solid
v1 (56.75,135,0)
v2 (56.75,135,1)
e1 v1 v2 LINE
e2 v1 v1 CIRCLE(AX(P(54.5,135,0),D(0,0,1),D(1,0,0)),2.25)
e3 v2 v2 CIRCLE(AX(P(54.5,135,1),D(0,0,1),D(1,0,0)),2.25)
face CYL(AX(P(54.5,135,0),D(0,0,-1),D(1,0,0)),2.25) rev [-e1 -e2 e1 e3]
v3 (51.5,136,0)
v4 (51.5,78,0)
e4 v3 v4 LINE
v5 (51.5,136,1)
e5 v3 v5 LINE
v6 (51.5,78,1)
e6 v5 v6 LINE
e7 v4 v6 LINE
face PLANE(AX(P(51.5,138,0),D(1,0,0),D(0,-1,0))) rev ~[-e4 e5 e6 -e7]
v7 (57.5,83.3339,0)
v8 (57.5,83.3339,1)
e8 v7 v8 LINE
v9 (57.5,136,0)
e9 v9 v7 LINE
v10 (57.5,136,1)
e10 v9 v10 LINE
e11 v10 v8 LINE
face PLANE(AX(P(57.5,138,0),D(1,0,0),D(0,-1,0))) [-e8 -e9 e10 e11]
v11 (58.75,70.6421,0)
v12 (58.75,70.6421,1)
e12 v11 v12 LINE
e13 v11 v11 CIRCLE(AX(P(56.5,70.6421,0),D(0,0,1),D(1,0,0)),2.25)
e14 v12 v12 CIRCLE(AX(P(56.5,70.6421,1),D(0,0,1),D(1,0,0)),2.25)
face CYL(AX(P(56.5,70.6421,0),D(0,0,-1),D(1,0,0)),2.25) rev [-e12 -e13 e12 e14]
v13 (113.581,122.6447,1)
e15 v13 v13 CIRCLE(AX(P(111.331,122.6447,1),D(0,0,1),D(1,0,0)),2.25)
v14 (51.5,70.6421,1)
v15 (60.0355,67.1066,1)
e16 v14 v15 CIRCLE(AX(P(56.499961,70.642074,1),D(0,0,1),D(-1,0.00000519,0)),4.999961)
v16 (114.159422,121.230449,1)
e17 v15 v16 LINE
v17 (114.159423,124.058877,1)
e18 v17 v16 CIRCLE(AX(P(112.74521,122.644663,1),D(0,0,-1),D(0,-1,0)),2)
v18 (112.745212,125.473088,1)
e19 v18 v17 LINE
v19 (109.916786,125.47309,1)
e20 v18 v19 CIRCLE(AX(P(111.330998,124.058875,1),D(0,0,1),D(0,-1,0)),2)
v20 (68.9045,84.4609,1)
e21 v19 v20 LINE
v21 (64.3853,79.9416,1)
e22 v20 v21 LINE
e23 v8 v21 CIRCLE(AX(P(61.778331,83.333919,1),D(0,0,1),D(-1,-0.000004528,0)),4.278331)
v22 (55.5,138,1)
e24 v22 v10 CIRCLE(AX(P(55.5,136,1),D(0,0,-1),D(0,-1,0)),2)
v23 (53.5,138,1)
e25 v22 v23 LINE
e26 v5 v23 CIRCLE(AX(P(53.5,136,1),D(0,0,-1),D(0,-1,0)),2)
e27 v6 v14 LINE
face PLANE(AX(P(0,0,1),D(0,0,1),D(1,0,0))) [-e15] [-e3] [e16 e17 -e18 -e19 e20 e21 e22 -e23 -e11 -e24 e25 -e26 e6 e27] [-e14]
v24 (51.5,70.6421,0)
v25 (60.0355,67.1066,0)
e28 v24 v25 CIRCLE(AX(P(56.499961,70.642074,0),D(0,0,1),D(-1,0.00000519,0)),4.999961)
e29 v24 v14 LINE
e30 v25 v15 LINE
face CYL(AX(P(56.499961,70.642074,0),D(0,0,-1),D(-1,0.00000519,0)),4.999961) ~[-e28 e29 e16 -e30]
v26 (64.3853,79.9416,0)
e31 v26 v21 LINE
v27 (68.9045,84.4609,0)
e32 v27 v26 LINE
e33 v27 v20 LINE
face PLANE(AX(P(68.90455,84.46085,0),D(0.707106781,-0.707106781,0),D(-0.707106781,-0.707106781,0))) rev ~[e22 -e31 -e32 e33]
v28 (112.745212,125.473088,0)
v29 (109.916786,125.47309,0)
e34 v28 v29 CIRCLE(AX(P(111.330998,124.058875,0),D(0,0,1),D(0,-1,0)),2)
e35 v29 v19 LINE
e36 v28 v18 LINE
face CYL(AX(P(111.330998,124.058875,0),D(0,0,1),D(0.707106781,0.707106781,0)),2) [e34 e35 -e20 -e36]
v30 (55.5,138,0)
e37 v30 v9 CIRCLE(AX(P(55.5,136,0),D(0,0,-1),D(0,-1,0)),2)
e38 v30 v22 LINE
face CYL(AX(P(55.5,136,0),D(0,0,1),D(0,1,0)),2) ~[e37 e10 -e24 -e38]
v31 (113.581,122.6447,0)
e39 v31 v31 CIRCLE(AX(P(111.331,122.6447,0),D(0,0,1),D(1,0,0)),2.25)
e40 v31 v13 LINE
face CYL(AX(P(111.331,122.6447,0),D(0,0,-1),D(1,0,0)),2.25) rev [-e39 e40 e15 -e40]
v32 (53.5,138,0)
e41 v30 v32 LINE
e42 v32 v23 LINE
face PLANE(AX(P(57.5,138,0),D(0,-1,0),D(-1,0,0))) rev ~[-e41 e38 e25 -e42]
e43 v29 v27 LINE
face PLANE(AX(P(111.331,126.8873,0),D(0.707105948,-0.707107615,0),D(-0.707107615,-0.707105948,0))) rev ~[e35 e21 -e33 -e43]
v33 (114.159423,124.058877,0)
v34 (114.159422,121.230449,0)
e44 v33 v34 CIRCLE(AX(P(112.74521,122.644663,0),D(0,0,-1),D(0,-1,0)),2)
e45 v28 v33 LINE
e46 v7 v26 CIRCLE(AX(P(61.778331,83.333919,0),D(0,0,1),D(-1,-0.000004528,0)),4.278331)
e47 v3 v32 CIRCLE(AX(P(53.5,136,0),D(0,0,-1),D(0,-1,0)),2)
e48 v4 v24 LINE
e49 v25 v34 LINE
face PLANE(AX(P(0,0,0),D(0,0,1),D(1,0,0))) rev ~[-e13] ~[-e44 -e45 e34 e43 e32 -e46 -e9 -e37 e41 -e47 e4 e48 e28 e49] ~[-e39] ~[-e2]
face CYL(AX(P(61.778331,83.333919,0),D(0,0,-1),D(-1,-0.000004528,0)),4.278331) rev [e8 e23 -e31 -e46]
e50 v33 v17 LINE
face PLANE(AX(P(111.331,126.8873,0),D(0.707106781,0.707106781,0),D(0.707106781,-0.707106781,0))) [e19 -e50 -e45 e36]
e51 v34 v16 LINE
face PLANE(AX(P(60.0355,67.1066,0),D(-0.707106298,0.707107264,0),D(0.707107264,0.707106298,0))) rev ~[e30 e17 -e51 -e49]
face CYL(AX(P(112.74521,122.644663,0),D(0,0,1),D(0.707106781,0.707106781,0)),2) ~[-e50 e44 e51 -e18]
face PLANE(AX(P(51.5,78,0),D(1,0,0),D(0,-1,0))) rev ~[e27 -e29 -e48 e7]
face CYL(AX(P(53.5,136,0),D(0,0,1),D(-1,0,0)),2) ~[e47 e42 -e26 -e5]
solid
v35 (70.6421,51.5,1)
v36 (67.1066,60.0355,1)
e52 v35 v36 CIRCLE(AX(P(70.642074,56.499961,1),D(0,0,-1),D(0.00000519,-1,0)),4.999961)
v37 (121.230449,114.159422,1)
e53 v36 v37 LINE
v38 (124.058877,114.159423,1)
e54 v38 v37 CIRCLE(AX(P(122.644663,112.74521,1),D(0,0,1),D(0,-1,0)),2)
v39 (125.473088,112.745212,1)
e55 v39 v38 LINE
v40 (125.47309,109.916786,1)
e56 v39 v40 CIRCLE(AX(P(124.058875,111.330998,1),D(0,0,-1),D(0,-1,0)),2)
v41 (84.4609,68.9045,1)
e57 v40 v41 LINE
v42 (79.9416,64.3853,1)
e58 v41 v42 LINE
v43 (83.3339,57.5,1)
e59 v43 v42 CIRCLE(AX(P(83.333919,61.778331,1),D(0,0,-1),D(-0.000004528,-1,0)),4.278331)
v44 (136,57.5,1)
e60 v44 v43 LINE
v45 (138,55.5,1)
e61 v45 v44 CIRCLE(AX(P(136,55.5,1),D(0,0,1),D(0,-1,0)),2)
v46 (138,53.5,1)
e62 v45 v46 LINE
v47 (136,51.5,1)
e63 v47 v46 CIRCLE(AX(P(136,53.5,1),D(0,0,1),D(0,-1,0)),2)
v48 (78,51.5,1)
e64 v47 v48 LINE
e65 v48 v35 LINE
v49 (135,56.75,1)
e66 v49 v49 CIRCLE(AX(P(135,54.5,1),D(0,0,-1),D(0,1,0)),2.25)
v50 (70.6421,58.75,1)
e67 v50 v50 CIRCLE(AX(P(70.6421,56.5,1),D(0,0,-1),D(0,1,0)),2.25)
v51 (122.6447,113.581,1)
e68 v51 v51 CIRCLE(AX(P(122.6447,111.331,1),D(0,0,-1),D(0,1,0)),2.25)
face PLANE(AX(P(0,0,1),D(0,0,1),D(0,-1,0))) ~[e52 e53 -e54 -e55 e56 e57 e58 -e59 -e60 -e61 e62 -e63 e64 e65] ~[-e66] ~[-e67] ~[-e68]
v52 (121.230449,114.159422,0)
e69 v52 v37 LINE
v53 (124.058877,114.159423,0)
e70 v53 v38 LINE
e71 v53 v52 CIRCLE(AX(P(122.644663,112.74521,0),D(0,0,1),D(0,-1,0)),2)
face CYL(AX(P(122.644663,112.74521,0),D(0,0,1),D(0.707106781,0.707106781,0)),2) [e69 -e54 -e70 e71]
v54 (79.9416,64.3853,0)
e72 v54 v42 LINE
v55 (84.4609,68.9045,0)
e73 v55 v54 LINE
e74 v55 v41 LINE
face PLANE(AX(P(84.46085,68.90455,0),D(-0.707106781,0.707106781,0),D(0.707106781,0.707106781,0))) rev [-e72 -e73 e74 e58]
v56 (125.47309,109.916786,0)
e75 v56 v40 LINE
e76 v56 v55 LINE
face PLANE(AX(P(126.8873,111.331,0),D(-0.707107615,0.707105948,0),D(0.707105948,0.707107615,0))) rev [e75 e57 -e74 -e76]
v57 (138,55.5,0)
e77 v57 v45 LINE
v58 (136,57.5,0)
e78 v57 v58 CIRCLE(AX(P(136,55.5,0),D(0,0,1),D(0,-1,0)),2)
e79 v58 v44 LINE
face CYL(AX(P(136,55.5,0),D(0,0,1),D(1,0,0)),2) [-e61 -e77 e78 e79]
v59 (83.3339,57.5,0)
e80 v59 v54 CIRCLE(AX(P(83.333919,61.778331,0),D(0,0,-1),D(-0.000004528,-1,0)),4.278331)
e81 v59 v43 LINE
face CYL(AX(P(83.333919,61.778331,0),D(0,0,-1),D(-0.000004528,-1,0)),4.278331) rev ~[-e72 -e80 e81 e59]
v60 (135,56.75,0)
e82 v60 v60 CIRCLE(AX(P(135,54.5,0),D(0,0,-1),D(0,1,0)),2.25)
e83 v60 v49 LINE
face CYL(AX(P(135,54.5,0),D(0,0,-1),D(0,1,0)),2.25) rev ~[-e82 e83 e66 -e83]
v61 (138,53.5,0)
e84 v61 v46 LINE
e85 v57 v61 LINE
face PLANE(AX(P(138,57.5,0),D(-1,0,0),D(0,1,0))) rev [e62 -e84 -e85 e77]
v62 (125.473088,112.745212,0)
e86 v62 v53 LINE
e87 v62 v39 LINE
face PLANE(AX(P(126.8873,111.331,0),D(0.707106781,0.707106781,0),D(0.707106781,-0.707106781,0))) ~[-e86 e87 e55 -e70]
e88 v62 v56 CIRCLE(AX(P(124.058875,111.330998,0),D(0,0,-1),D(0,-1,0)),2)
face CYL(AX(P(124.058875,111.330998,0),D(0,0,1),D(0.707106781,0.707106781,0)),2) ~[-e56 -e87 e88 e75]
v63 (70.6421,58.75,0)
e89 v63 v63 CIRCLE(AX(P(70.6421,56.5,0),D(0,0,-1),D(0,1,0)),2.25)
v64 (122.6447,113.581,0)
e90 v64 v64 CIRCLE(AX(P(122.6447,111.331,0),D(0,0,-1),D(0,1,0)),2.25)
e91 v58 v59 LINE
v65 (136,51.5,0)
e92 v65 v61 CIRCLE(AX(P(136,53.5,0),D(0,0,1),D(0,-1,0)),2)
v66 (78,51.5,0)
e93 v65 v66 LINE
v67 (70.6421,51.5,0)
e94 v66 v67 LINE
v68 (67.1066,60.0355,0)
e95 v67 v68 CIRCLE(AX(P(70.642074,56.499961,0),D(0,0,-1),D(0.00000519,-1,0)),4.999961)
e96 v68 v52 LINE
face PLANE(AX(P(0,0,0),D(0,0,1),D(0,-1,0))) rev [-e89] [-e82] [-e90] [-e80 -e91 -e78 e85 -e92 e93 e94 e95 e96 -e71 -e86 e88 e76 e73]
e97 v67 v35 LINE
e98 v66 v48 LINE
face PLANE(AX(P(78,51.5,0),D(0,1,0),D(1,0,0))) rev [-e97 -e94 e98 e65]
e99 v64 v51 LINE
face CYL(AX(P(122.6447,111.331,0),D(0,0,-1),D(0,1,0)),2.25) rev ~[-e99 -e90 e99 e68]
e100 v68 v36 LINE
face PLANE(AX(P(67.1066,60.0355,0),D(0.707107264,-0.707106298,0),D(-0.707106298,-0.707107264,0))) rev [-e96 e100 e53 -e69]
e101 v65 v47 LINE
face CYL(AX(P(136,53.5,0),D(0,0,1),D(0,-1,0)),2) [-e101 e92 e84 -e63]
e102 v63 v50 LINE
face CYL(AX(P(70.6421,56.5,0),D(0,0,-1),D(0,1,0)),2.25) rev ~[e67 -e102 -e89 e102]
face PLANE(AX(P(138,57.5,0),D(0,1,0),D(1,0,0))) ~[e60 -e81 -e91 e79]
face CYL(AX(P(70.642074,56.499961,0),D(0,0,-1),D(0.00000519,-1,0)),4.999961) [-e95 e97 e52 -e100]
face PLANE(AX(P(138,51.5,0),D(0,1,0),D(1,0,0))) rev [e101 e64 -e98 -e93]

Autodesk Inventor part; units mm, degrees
ref_plane "YZ Plane" through (0, 0, 0) normal (1, 0, 0) x (0, 1, 0)
ref_plane "XZ Plane" through (0, 0, 0) normal (0, 1, 0) x (-1, 0, 0)
sketch "Sketch1" plane through (0, 0, 0) normal (0, 0, 1) x (1, 0, 0)
  line L0 (-41.5, 58) -> (41.5, 58)
  line L1 (41.5, 58) -> (41.5, 158)
  line L2 (41.5, 158) -> (-41.5, 158)
  line L3 (-41.5, 158) -> (-41.5, 58)
  line L4 (58, 41.5) -> (158, 41.5)
  line L5 (158, 41.5) -> (158, -41.5)
  line L6 (158, -41.5) -> (58, -41.5)
  line L7 (58, -41.5) -> (58, 41.5)
  line L8 (-131.1952, 0) -> (204.4844, 0) construction
  line L9 (-48, 48) -> (48, 48)
  line L10 (48, 48) -> (48, -48)
  line L11 (48, -48) -> (-48, -48)
  line L12 (-48, -48) -> (-48, 48)
  line L13 (0, 180.9439) -> (0, -136.3054) construction
  point P0 (0, 0)
  point P1 (-48, 0)
  point P2 (0, 48)
  point P3 (0, 58)
  point P4 (58, 0)
  dimension "d0" = 83
  dimension "d1" = 100
  dimension "d2" = 100
  dimension "d3" = 83
  dimension "d5" = 96
  dimension "d6" = 96
  dimension "d7" = 10
  dimension "d8" = 10
sketch "Sketch2" plane through (0, 0, 0) normal (0, 0, 1) x (1, 0, 0)
  line L0 (41.5, 158) -> (-41.5, 158) projected
  line L1 (41.5, 58) -> (41.5, 158) projected
  line L2 (-48, 48) -> (48, 48) projected
  line L3 (48, 48) -> (48, -48) projected
  line L4 (58, -41.5) -> (58, 41.5) projected
  line L5 (58, 41.5) -> (158, 41.5) projected
  line L6 (-41.5, 58) -> (41.5, 58) projected
  line L7 (158, 41.5) -> (158, -41.5) projected
  line L8 (48, 48) -> (136.7868, 136.7868) construction
  line L9 (35.5, 78) -> (57.5, 78)
  line L10 (57.5, 78) -> (57.5, 138)
  line L11 (57.5, 138) -> (35.5, 138)
  line L12 (35.5, 138) -> (35.5, 78)
  line L13 (41.5, 108) -> (-41.5, 108) construction
  line L14 (108, 41.5) -> (108, -41.5) construction
  line L15 (41.5, 158) -> (220.1006, 158) construction
  line L16 (158, 41.5) -> (158, 206.0131) construction
  line L17 (115.5736, 158) -> (158, 115.5736) construction
  line L18 (41.5, 138) -> (41.5, 78) construction
  line L19 (51.5, 138) -> (51.5, 78) construction
  line L20 (46.5, 138) -> (46.5, 78) construction
  line L21 (51.5, 158) -> (51.5, 70.6421)
  line L22 (60.0355, 67.1066) -> (133.2513, 140.3223)
  arc A0 (51.5, 158) -> (133.2513, 140.3223) centre (109.2071, 226.9991) ccw
  line L23 (68.9045, 84.4609) -> (84.4609, 68.9045)
  line L24 (84.4609, 68.9045) -> (126.8873, 111.331)
  line L25 (126.8873, 111.331) -> (111.331, 126.8873)
  line L26 (111.331, 126.8873) -> (68.9045, 84.4609)
  line L27 (80.2183, 73.1472) -> (122.6447, 115.5736) construction
  line L28 (105.6741, 90.1177) -> (90.1177, 105.6741) construction
  line L29 (73.1472, 80.2183) -> (115.5736, 122.6447) construction
  line L30 (76.6827, 76.6827) -> (119.1091, 119.1091) construction
  circle A1 centre (73.1472, 84.4609) radius 2.25
  circle A2 centre (111.331, 122.6447) radius 2.25
  circle A3 centre (84.4609, 73.1472) radius 2.25
  circle A4 centre (122.6447, 111.331) radius 2.25
  circle A5 centre (38.5, 135) radius 2.25
  circle A6 centre (38.5, 81) radius 2.25
  circle A7 centre (54.5, 135) radius 2.25
  circle A8 centre (54.5, 81) radius 2.25
  arc A9 (51.5, 70.6421) -> (60.0355, 67.1066) centre (56.5, 70.6421) ccw
  point P0 (0, 0)
  point P1 (158, 158)
  dimension "d23" = 30
  dimension "d25" = 45
  dimension "d30" = 10
  dimension "d37" = 10
  dimension "d38" = 60
  dimension "d39" = 4.5
  dimension "d40" = 3
  dimension "d42" = 4.5
  dimension "d43" = 3
  dimension "d46" = 60
  dimension "d47" = 30
  dimension "d48" = 4.5
  dimension "d49" = 3
  dimension "d50" = 3
  dimension "d51" = 4.5
  dimension "d52" = 3
  dimension "d53" = 3
  dimension "d54" = 5
  dimension "d55" = 25
  dimension "d57" = 3
  dimension "d58" = 3
  dimension "d59" = 3
  dimension "d60" = 3
sketch "Sketch6" plane through (0, 0, 0) normal (0, 0, 1) x (1, 0, 0)
  line L0 (35.5, 78) -> (57.5, 78) projected
  circle A0 centre (54.5, 135) radius 2.25 projected
  line L1 (111.331, 126.8873) -> (68.9045, 84.4609) projected
  circle A1 centre (111.331, 122.6447) radius 2.25 projected
  line L2 (60.0355, 67.1066) -> (133.2513, 140.3223) projected
  arc A2 (51.5, 70.6421) -> (60.0355, 67.1066) centre (56.5, 70.6421) ccw projected
  line L3 (51.5, 158) -> (51.5, 70.6421) projected
  arc A3 (51.5, 158) -> (133.2513, 140.3223) centre (109.2071, 226.9991) ccw projected
  line L4 (119.1091, 119.1091) -> (76.6827, 76.6827) construction
  circle A4 centre (54.5, 135) radius 2.25
  circle A5 centre (111.331, 122.6447) radius 2.25
  circle A6 centre (56.5, 70.6421) radius 2.25
  line L5 (57.5, 138) -> (51.5, 138)
  line L6 (57.5, 138) -> (57.5, 83.3339)
  line L7 (111.331, 126.8873) -> (64.3853, 79.9416)
  line L8 (111.331, 126.8873) -> (115.5736, 122.6447)
  arc A7 (51.5, 70.6421) -> (60.0355, 67.1066) centre (56.5, 70.6421) ccw
  arc A8 (57.5, 83.3339) -> (64.3853, 79.9416) centre (61.7783, 83.3339) ccw
  line L9 (51.5, 138) -> (51.5, 70.6421)
  line L10 (115.5736, 122.6447) -> (60.0355, 67.1066)
  point P0 (0, 0)
  point P1 (38.5, 81)
  point P2 (38.5, 135)
  point P3 (126.8873, 111.331)
  point P4 (84.4609, 68.9045)
  dimension "d99" = 4.5
extrude "Extrusion13" add sketch "Sketch6" along normal blind 1 contours L8 L2 A2 L3 L5 L6 A8 L7 L1
fillet "Fillet1" radius 2 4 edges at (57.5, 138, 0.5) (51.5, 138, 0.5) (111.331, 126.8873, 0.5) (115.5736, 122.6447, 0.5)
ref_plane "Work Plane5" through (119.1091, 119.1091, 0) normal (-0.7071, 0.7071, 0) x (-0.7071, -0.7071, 0)
mirror "Mirror6" about plane through (119.1091, 119.1091, 0) normal (-0.7071, 0.7071, 0) of "Extrusion13", "Fillet1"
properties part number "SolarFolds_Sketch"
